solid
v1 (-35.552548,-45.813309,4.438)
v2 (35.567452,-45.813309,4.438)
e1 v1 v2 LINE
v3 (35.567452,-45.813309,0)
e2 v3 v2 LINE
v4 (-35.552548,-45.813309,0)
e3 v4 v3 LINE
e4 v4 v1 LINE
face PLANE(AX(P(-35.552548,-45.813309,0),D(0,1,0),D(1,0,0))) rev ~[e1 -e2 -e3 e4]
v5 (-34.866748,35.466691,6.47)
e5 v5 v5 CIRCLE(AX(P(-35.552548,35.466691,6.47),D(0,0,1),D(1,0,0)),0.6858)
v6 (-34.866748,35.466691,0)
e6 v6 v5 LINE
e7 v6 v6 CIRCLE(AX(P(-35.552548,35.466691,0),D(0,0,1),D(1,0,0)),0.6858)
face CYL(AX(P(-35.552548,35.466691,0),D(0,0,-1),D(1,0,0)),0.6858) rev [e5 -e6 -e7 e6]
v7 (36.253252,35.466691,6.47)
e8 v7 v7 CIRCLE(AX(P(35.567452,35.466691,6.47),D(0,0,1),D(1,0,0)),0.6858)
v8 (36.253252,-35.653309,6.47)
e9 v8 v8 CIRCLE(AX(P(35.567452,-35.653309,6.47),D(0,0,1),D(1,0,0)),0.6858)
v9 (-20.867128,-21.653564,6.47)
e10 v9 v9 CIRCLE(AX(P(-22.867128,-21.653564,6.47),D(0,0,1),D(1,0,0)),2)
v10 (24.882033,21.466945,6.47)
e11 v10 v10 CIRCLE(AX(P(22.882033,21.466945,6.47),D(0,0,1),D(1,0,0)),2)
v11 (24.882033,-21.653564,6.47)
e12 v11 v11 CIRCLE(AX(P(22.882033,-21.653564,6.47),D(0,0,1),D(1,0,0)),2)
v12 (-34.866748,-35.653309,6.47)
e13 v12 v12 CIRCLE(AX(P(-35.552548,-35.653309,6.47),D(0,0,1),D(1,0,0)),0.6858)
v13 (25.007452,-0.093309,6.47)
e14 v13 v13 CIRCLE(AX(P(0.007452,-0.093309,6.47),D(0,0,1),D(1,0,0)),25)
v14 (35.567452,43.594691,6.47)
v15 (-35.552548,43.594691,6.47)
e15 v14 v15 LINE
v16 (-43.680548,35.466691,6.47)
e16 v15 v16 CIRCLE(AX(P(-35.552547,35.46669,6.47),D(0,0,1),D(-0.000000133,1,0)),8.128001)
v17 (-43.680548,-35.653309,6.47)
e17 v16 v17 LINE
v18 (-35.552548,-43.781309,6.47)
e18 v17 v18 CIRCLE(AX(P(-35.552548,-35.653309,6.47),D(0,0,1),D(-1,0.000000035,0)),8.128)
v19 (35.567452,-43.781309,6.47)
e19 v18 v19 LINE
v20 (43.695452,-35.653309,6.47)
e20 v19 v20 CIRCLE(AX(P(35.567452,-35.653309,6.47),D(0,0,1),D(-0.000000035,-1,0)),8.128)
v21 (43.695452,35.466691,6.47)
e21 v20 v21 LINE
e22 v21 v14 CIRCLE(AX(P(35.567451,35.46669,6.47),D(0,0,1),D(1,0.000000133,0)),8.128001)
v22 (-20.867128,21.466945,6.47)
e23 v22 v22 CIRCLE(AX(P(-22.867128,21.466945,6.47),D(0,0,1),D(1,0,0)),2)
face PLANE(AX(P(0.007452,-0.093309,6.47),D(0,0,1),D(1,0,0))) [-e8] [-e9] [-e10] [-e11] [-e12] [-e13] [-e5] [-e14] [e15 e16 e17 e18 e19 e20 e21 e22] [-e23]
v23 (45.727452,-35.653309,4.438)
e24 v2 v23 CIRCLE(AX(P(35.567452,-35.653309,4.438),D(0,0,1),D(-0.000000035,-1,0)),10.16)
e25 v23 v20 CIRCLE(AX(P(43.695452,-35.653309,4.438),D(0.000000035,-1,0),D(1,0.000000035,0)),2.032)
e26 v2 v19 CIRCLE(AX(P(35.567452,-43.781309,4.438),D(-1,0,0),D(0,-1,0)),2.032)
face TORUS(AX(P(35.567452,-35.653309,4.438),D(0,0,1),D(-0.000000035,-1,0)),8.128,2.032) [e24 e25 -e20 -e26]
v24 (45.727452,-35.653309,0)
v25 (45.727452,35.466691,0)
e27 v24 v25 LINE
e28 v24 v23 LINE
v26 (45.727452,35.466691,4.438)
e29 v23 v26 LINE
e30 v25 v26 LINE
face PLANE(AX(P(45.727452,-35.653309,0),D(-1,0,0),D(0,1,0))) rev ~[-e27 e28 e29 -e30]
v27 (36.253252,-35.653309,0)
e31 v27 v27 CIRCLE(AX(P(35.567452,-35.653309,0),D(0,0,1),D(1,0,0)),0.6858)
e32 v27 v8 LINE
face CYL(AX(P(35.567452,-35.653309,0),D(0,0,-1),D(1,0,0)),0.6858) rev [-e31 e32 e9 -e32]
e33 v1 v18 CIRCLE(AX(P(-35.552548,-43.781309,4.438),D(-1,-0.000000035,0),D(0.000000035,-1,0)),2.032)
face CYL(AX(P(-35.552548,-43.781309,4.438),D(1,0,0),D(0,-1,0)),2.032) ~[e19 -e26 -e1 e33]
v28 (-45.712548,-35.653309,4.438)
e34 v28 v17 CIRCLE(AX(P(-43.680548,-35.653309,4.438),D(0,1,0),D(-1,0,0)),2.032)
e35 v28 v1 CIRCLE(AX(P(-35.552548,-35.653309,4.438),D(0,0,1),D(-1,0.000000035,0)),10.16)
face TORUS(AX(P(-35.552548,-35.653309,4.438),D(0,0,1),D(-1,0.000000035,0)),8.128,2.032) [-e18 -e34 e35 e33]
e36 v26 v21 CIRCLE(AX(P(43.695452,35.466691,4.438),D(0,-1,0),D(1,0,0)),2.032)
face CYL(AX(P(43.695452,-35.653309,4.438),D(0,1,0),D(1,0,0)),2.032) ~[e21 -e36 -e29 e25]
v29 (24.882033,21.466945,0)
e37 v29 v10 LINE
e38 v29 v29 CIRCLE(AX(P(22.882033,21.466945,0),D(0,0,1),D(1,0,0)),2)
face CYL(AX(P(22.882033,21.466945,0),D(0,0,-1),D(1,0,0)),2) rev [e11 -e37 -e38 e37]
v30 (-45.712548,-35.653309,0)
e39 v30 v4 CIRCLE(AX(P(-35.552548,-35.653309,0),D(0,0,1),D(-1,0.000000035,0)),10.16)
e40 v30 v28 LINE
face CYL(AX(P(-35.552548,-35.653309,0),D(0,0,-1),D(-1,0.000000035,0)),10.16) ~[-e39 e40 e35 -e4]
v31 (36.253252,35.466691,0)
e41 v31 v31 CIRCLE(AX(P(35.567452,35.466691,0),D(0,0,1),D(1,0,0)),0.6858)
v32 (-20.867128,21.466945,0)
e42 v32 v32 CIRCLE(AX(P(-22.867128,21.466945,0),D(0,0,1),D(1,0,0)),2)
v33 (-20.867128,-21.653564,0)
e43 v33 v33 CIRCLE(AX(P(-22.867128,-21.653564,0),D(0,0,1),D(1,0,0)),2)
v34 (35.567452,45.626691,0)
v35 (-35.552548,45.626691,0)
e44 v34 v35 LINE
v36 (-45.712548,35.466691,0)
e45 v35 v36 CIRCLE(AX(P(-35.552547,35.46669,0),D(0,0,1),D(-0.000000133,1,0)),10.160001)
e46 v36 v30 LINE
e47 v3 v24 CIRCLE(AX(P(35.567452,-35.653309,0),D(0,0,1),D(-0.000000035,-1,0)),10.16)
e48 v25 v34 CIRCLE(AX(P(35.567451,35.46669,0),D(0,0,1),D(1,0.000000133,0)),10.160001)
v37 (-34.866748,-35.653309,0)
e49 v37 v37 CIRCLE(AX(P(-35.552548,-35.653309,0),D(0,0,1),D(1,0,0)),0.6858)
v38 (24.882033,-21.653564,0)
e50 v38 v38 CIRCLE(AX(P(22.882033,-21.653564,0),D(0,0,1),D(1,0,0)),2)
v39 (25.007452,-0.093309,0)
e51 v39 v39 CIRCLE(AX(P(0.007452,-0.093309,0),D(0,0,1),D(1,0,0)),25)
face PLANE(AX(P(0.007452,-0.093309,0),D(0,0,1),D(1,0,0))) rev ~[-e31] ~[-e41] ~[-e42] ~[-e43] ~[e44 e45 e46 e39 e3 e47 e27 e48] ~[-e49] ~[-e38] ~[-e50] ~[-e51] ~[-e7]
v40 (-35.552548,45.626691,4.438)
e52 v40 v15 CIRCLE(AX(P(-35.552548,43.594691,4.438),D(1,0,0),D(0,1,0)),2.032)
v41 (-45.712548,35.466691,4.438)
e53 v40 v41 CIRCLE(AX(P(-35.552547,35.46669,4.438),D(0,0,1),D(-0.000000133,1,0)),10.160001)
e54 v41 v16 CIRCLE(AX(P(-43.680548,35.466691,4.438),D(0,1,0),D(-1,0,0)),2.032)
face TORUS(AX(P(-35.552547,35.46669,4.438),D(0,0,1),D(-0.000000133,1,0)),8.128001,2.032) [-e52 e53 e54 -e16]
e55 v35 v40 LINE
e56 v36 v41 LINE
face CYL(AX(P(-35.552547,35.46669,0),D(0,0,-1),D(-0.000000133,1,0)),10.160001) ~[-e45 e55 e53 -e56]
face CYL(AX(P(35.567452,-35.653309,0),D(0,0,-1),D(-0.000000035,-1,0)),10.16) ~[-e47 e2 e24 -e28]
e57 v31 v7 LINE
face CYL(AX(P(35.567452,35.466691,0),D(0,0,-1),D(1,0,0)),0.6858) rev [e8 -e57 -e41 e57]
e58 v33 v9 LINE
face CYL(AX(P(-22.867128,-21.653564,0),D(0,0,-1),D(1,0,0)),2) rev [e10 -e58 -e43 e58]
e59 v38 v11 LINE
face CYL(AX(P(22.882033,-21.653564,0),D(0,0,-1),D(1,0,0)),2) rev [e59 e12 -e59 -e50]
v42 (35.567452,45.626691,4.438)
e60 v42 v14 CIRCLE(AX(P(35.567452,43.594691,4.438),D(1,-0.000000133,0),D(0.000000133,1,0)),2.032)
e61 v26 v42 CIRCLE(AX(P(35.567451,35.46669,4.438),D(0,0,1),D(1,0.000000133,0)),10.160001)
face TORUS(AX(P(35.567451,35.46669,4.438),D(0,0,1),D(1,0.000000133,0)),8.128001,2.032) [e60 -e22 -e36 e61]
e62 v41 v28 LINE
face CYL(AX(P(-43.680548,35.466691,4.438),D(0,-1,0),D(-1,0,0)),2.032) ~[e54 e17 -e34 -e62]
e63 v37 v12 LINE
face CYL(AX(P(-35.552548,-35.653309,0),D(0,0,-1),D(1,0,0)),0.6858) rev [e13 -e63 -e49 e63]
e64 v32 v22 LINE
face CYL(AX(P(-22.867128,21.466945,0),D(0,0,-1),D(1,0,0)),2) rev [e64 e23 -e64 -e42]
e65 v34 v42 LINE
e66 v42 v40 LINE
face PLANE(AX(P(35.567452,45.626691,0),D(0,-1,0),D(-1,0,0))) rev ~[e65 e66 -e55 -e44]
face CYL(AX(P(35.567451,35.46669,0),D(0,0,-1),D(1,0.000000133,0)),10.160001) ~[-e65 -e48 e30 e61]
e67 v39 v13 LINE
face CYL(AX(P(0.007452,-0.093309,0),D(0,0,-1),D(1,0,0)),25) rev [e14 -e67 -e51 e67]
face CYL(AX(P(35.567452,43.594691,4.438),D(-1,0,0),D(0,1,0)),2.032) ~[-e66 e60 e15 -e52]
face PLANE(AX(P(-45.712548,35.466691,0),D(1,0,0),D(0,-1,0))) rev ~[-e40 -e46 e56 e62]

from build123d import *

# Parameters (mm, degrees)
F0_R     = 0.6858
F0_R_2   = 2
F0_R_3   = 25
F1_DEPTH = 6.47
F2_R     = 2.032


with BuildPart() as f1:
    # F0 (on Top) → F1 (new body)
    with BuildSketch(Plane.XY):
        with BuildLine():
            Line((35.567452, 45.626691), (-35.552548, 45.626691))
            ThreePointArc((-35.552548, 45.626691), (-42.736753, 42.650895), (-45.712548, 35.466691))
            Line((-45.712548, 35.466691), (-45.712548, -35.653309))
            ThreePointArc((-45.712548, -35.653309), (-42.736753, -42.837514), (-35.552548, -45.813309))
            Line((-35.552548, -45.813309), (35.567452, -45.813309))
            ThreePointArc((35.567452, -45.813309), (42.751657, -42.837514), (45.727452, -35.653309))
            Line((45.727452, -35.653309), (45.727452, 35.466691))
            ThreePointArc((45.727452, 35.466691), (42.751657, 42.650895), (35.567452, 45.626691))
        make_face()
        with Locations((-35.552548, -35.653309)):
            Circle(F0_R, mode=Mode.SUBTRACT)
        with Locations((-22.867128, -21.653564)):
            Circle(F0_R_2, mode=Mode.SUBTRACT)
        with Locations((35.567452, -35.653309)):
            Circle(F0_R, mode=Mode.SUBTRACT)
        with Locations((0.007452, -0.093309)):
            Circle(F0_R_3, mode=Mode.SUBTRACT)
        with Locations((22.882033, -21.653564)):
            Circle(F0_R_2, mode=Mode.SUBTRACT)
        with Locations((-22.867128, 21.466945)):
            Circle(F0_R_2, mode=Mode.SUBTRACT)
        with Locations((-35.552548, 35.466691)):
            Circle(F0_R, mode=Mode.SUBTRACT)
        with Locations((22.882033, 21.466945)):
            Circle(F0_R_2, mode=Mode.SUBTRACT)
        with Locations((35.567452, 35.466691)):
            Circle(F0_R, mode=Mode.SUBTRACT)
    extrude(amount=F1_DEPTH)

    # F2
    f2_edges = [f1.edges().sort_by_distance(p)[0] for p in [
        (-45.712548, -0.093309, 6.47),
    ]]
    fillet(f2_edges, radius=F2_R)


solid = f1.part
